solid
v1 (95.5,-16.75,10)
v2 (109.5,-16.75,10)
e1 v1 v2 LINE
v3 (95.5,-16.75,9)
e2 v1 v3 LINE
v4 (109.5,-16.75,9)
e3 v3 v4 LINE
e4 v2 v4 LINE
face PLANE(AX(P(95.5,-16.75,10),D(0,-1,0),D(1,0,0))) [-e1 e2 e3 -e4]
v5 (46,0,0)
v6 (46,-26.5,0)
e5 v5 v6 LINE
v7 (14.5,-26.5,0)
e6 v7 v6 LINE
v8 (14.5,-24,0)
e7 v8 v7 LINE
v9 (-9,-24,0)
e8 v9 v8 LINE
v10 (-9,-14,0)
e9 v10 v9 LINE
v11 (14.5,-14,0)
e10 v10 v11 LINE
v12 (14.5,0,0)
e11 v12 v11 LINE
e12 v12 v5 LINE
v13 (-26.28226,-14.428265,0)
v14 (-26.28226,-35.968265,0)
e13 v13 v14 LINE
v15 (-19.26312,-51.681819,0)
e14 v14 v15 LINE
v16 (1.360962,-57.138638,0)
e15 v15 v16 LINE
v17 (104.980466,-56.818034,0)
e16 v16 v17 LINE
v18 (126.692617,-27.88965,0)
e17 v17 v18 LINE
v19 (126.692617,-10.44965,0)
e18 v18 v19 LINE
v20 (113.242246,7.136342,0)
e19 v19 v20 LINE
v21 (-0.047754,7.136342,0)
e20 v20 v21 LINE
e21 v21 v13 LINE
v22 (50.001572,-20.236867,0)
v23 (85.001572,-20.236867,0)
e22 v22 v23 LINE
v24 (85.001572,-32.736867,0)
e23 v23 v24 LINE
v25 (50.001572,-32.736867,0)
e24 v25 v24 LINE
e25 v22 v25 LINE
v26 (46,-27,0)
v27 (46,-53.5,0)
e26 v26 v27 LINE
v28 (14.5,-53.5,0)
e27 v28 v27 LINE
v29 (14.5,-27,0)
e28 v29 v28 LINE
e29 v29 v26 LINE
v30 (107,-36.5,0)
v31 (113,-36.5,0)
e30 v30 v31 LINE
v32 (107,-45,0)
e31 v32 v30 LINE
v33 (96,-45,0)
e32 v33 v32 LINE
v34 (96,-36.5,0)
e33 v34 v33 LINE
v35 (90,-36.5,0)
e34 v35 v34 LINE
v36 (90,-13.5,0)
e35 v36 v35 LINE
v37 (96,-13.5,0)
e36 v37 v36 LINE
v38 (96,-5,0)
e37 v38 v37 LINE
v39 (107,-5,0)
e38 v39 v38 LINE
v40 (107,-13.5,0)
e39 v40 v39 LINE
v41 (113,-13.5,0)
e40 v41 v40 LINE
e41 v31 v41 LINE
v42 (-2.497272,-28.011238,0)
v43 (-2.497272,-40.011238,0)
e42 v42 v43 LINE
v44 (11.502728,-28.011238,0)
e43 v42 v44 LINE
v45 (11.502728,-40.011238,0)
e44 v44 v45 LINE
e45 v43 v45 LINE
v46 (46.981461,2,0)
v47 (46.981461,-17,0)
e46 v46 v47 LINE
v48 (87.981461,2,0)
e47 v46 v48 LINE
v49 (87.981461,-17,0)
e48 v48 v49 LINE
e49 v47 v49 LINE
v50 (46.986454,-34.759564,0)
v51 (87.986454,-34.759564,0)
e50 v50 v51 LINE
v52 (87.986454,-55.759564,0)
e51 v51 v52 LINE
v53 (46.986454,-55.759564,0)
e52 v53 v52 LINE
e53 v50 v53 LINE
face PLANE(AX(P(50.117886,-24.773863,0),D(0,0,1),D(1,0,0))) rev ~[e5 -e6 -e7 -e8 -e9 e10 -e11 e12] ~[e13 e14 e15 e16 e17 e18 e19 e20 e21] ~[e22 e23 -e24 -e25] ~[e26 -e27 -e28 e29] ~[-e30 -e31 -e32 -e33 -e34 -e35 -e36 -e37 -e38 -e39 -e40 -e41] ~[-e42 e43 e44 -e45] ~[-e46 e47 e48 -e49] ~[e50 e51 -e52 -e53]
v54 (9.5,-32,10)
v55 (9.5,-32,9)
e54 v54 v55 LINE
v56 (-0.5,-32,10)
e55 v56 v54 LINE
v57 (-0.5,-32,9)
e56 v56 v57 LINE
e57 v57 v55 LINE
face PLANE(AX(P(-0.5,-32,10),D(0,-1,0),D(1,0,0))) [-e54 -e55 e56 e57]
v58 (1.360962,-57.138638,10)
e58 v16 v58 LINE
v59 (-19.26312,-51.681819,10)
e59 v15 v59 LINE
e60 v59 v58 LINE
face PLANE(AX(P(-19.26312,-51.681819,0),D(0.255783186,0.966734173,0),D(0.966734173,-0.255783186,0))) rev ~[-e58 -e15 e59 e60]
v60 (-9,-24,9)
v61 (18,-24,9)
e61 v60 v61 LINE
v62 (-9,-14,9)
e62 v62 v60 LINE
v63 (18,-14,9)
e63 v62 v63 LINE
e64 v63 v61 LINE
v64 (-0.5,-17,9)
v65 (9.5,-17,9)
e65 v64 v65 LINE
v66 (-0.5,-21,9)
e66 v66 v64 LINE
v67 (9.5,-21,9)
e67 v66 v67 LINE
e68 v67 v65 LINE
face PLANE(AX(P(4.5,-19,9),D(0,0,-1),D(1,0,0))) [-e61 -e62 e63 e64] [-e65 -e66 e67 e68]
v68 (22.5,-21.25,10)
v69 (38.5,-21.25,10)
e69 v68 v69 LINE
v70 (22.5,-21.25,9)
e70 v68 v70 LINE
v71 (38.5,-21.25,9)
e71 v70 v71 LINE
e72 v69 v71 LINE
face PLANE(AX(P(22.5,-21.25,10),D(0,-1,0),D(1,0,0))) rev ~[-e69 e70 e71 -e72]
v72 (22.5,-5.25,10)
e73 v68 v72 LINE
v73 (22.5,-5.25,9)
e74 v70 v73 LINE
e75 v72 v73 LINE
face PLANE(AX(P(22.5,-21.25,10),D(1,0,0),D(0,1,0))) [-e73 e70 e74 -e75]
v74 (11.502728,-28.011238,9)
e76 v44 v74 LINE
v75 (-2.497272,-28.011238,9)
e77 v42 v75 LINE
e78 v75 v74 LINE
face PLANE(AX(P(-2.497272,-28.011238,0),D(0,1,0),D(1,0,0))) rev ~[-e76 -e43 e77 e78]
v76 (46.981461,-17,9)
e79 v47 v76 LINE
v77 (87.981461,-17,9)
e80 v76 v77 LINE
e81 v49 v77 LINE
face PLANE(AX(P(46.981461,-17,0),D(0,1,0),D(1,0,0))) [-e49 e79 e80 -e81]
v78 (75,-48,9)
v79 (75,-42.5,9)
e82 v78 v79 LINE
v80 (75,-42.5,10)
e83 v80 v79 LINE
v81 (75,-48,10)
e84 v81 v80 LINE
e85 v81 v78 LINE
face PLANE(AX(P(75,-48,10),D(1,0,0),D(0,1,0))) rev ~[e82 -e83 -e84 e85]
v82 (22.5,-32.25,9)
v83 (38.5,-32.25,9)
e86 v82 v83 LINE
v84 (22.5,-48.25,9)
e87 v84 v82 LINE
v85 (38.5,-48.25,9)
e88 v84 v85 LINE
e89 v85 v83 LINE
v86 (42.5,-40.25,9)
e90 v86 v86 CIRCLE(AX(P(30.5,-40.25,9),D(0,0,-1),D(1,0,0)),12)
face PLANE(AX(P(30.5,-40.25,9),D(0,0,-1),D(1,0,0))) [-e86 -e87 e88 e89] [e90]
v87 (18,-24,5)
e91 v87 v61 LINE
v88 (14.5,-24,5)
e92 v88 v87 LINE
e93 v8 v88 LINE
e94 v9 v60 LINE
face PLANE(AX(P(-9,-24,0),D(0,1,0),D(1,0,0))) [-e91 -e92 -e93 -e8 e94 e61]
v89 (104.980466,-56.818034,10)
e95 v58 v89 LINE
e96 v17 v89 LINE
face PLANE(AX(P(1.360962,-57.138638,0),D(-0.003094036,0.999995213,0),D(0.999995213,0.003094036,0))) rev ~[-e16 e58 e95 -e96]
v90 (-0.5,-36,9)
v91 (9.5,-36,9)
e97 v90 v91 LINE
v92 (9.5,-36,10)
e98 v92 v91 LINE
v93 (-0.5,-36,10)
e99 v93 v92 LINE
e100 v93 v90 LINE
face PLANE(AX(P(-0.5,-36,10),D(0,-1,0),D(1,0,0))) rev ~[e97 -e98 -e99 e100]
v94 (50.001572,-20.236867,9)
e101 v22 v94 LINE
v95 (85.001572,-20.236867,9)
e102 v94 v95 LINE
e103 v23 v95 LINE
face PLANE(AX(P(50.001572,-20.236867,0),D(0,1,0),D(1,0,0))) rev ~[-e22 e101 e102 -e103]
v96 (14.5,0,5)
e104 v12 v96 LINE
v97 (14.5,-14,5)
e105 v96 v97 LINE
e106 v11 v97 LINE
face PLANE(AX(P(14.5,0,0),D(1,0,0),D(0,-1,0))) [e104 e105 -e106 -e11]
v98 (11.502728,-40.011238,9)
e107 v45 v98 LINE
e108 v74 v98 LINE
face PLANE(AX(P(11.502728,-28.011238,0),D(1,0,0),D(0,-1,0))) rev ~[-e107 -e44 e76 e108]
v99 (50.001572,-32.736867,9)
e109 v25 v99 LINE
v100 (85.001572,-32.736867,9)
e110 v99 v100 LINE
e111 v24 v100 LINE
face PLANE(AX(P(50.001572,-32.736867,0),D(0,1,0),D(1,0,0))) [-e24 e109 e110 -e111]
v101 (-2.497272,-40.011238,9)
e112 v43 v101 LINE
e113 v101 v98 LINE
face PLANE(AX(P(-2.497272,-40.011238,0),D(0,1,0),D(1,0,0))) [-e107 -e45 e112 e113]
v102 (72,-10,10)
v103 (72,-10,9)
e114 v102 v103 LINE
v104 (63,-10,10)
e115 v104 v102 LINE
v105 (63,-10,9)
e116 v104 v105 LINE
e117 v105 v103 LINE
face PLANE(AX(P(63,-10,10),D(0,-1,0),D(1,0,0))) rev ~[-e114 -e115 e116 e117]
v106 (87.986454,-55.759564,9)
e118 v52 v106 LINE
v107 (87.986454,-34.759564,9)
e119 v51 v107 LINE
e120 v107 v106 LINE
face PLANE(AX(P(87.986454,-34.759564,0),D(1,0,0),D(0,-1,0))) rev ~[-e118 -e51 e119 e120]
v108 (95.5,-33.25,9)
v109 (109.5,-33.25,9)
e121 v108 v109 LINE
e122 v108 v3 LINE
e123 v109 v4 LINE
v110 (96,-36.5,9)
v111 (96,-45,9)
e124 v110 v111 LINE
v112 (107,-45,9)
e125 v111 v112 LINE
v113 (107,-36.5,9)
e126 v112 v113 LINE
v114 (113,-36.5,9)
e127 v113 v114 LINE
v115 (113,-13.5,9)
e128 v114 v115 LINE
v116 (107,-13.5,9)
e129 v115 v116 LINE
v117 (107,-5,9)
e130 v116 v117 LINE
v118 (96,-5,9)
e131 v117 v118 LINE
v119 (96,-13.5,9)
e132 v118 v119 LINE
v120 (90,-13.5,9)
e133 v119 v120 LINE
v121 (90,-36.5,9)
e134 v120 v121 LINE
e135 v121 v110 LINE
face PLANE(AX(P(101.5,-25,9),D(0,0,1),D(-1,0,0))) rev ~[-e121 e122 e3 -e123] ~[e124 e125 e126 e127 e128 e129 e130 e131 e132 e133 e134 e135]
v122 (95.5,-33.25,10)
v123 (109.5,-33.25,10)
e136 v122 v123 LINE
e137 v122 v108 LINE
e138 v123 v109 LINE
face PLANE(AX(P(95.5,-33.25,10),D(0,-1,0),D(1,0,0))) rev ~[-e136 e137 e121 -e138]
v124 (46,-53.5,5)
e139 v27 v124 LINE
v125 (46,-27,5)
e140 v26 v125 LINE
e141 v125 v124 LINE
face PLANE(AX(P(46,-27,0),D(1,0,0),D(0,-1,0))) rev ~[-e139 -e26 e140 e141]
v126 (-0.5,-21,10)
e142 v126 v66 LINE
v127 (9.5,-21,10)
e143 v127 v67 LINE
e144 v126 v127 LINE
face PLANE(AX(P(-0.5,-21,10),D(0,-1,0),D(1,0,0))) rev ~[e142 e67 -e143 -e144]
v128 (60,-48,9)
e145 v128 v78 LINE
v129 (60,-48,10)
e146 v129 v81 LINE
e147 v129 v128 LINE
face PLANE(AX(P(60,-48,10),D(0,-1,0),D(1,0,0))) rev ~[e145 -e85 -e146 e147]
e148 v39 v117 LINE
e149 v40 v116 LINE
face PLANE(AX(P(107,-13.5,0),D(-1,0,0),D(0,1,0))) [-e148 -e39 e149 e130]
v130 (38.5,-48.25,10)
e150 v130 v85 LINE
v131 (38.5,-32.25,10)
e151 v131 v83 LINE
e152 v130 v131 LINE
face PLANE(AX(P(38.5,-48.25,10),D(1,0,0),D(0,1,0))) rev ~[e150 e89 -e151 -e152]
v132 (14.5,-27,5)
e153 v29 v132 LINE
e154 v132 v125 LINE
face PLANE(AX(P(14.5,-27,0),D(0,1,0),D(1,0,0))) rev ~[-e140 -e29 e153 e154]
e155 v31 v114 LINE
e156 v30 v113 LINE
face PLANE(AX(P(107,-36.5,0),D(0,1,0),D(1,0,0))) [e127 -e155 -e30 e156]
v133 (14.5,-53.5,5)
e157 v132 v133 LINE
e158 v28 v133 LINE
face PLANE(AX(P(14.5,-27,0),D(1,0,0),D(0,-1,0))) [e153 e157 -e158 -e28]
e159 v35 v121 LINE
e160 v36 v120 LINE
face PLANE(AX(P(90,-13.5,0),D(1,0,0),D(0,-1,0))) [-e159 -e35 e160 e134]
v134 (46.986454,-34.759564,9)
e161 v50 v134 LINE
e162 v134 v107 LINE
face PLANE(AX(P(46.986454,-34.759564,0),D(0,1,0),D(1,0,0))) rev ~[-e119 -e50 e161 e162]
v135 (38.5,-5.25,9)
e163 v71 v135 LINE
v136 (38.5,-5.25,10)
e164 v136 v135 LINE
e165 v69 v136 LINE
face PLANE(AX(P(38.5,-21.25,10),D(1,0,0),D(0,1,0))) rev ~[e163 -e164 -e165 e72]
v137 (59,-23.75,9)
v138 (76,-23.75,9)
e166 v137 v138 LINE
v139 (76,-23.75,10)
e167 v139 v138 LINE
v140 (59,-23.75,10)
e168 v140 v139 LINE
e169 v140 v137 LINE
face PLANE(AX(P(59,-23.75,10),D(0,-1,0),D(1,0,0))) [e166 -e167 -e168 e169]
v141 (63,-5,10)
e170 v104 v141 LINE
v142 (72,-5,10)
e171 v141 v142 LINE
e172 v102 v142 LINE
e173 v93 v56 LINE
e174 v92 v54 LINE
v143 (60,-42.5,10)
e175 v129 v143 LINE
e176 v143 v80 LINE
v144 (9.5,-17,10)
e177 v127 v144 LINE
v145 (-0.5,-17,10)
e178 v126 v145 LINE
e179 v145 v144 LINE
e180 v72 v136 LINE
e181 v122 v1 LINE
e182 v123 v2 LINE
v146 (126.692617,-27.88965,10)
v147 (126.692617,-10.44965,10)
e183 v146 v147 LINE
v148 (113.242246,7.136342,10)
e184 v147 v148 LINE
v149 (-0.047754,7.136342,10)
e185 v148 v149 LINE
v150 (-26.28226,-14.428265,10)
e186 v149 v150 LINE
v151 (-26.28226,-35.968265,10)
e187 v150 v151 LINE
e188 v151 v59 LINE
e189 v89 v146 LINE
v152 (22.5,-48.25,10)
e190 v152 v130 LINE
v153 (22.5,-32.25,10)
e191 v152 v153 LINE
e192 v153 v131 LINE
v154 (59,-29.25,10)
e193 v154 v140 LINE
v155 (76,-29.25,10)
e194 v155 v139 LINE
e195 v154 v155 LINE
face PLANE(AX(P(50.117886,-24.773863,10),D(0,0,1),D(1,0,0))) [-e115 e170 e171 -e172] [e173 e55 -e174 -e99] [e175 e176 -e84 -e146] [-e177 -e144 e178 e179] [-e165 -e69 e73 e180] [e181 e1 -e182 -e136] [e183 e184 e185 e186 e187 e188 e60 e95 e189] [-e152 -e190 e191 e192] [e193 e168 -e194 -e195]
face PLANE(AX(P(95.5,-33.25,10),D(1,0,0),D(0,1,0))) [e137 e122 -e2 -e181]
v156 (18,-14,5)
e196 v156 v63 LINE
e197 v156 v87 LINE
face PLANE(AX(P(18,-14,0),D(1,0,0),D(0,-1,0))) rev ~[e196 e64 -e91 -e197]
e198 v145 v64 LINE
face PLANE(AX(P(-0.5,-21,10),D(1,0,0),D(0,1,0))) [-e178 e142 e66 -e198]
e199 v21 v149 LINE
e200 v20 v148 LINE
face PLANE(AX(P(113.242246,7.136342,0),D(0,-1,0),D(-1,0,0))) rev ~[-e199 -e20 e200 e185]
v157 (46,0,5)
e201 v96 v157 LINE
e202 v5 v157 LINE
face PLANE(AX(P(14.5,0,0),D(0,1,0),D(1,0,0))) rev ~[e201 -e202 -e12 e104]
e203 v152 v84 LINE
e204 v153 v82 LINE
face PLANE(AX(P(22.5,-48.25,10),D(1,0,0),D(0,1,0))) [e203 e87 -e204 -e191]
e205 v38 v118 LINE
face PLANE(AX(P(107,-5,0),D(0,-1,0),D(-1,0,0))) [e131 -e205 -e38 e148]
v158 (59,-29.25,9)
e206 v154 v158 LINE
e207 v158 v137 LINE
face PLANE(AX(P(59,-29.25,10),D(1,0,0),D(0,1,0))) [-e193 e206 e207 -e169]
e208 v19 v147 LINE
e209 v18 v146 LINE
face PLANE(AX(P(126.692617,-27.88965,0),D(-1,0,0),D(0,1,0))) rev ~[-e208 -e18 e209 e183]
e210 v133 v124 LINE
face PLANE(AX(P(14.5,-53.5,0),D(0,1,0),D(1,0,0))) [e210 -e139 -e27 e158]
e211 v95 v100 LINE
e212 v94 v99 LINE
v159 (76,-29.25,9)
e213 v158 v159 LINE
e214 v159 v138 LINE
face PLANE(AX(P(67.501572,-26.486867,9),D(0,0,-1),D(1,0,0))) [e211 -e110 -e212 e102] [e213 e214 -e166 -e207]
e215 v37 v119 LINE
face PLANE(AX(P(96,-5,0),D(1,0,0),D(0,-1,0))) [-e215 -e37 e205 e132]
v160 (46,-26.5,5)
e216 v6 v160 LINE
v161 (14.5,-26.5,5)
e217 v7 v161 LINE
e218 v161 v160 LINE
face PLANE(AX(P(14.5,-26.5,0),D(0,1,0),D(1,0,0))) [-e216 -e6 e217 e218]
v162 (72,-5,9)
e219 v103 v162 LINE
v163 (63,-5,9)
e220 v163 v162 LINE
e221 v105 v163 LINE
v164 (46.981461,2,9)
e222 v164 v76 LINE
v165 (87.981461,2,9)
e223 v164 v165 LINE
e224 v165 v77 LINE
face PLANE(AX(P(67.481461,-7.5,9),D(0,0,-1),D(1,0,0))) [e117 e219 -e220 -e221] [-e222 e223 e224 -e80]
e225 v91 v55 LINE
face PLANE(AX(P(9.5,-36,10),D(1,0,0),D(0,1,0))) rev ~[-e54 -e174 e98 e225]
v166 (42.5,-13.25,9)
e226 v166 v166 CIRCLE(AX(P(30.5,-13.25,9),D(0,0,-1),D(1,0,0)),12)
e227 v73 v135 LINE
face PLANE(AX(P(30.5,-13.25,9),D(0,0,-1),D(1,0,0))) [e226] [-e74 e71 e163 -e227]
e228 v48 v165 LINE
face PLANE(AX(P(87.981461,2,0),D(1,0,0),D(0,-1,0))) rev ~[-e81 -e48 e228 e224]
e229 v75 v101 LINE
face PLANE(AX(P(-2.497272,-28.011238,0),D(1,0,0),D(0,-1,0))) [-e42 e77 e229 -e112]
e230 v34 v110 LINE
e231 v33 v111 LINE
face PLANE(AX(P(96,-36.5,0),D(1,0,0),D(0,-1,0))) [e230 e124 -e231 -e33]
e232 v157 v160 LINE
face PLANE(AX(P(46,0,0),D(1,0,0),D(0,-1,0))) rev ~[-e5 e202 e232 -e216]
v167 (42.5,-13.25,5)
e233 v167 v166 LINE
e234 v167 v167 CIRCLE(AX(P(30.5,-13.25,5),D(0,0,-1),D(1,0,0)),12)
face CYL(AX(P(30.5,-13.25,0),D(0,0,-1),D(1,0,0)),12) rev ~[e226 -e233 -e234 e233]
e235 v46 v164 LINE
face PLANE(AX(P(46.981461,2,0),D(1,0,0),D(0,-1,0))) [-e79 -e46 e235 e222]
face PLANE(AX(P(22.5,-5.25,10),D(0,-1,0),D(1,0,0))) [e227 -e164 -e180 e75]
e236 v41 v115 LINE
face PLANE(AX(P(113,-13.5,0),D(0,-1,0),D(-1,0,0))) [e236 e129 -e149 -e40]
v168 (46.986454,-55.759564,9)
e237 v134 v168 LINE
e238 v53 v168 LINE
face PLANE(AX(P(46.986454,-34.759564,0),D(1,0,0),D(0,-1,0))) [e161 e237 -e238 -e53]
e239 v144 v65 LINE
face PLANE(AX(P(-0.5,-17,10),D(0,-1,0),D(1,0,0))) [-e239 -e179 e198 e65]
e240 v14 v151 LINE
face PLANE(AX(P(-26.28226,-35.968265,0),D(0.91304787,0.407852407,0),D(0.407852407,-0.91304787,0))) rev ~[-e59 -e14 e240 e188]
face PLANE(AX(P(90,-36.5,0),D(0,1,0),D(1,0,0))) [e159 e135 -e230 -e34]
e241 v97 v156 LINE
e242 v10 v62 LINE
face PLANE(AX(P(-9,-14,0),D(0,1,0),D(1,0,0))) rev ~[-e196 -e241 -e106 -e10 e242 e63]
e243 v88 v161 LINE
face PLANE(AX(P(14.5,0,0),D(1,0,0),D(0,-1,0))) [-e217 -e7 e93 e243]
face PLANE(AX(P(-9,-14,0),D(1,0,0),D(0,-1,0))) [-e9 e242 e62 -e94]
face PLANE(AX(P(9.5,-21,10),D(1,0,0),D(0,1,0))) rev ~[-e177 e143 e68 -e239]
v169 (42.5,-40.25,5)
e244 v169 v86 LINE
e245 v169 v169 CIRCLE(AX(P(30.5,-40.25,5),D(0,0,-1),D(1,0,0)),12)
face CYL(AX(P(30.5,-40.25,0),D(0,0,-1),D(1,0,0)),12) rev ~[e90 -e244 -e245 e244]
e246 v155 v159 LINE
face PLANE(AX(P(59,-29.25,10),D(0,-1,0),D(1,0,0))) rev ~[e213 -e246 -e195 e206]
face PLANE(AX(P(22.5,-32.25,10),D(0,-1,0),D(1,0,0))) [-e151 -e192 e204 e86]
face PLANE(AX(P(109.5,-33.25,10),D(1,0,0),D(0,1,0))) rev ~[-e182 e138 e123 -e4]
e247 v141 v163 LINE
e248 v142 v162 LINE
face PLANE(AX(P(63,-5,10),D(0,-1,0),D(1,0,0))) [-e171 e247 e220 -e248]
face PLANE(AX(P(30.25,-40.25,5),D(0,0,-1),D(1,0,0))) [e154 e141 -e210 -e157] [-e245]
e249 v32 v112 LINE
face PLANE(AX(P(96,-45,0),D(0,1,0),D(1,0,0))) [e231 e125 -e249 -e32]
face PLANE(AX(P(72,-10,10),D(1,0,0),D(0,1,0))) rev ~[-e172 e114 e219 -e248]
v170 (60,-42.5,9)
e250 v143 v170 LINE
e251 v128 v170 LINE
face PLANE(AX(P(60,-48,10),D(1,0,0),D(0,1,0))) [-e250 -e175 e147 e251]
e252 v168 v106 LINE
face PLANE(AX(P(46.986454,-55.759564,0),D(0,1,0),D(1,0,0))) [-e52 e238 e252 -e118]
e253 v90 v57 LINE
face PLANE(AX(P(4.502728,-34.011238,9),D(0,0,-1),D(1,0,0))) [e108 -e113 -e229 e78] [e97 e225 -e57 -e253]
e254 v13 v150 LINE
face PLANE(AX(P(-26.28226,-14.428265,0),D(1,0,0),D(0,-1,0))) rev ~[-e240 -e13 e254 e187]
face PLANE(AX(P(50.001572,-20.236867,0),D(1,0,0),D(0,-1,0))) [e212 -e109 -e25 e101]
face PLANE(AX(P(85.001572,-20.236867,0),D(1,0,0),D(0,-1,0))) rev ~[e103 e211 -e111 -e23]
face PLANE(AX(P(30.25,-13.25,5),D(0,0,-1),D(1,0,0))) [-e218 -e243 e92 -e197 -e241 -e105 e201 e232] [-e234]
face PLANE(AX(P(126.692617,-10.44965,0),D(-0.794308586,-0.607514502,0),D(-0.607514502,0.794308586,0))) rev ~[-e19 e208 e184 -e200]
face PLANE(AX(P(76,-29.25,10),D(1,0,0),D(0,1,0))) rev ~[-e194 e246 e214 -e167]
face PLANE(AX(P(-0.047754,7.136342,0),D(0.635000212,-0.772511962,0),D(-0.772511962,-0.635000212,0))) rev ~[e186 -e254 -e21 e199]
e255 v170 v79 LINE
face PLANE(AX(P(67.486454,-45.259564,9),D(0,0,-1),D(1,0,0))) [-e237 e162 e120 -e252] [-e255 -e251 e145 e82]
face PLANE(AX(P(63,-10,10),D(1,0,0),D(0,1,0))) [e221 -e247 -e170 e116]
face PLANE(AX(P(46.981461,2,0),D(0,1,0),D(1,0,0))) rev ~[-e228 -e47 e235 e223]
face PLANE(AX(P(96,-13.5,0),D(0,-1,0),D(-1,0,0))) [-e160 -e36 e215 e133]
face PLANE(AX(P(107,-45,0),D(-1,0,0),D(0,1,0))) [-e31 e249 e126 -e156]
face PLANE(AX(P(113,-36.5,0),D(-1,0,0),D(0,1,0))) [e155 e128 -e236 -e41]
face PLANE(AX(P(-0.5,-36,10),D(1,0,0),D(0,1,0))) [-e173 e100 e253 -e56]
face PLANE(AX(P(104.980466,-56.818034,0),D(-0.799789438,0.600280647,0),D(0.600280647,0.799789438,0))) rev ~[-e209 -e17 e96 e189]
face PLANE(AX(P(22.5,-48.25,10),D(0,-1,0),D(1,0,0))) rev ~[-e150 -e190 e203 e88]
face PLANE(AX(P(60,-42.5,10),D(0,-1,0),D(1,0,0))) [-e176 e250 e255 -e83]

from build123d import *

# Parameters (mm, degrees)
PAD_DEPTH       = 10
SKETCH001_W     = 10
SKETCH001_H     = 4
SKETCH001_W_2   = 15
SKETCH001_H_2   = 5.5
SKETCH001_W_3   = 9
SKETCH001_H_3   = 5
SKETCH001_W_4   = 14
SKETCH001_H_4   = 16.5
SKETCH001_W_5   = 16
SKETCH001_H_5   = 16
SKETCH001_W_6   = 17
POCKET_DEPTH    = 1
SKETCH002_R     = 12
POCKET001_DEPTH = 9
SKETCH003_W     = 41
SKETCH003_H     = 19
POCKET002_DEPTH = 9
SKETCH004_W     = 35
SKETCH004_H     = 12.5
POCKET003_DEPTH = 9
SKETCH005_W     = 41
SKETCH005_H     = 21
POCKET004_DEPTH = 9
SKETCH006_W     = 14
SKETCH006_H     = 12
POCKET005_DEPTH = 9
POCKET006_DEPTH = 9
SKETCH010_W     = 31.5
SKETCH010_H     = 26.5
POCKET007_DEPTH = 5
SKETCH011_W     = 27
SKETCH011_H     = 10
POCKET008_DEPTH = 9


with BuildPart() as part:
    # Sketch → Pad (new body)
    with BuildSketch(Plane.XY):
        Polygon((113.242246, 7.136342), (-0.047754, 7.136342), (-26.28226, -14.428265), (-26.28226, -35.968265), (-19.26312, -51.681819), (1.360962, -57.138638), (104.980466, -56.818034), (126.692617, -27.88965), (126.692617, -10.44965), align=None)
    extrude(amount=PAD_DEPTH)

    # Sketch001 (on Face11 of Pad) → Pocket (cut)
    with BuildSketch(Plane.XY.offset(10)):
        with Locations((4.5, -19)):
            Rectangle(SKETCH001_W, SKETCH001_H)
        with Locations((4.5, -34)):
            Rectangle(SKETCH001_W, SKETCH001_H)
        with Locations((67.5, -45.25)):
            Rectangle(SKETCH001_W_2, SKETCH001_H_2)
        with Locations((67.5, -7.5)):
            Rectangle(SKETCH001_W_3, SKETCH001_H_3)
        with Locations((102.5, -25)):
            Rectangle(SKETCH001_W_4, SKETCH001_H_4)
        with Locations((30.5, -13.25)):
            Rectangle(SKETCH001_W_5, SKETCH001_H_5)
        with Locations((30.5, -40.25)):
            Rectangle(SKETCH001_W_5, SKETCH001_H_5)
        with Locations((67.5, -26.5)):
            Rectangle(SKETCH001_W_6, SKETCH001_H_2)
    extrude(amount=-POCKET_DEPTH, mode=Mode.SUBTRACT)

    # Sketch002 (on Face4 of Pocket) → Pocket001 (cut)
    with BuildSketch(Plane(origin=(0, 0, 0), x_dir=(1, 0, 0), z_dir=(0, 0, -1))):
        with Locations((30.5, 40.25)):
            Circle(SKETCH002_R)
        with Locations((30.5, 13.25)):
            Circle(SKETCH002_R)
    extrude(amount=-POCKET001_DEPTH, mode=Mode.SUBTRACT)

    # Sketch003 (on Face4 of Pocket001) → Pocket002 (cut)
    with BuildSketch(Plane(origin=(0, 0, 0), x_dir=(1, 0, 0), z_dir=(0, 0, -1))):
        with Locations((67.481461, 7.5)):
            Rectangle(SKETCH003_W, SKETCH003_H)
    extrude(amount=-POCKET002_DEPTH, mode=Mode.SUBTRACT)

    # Sketch004 (on Face4 of Pocket002) → Pocket003 (cut)
    with BuildSketch(Plane(origin=(0, 0, 0), x_dir=(1, 0, 0), z_dir=(0, 0, -1))):
        with Locations((67.501572, 26.486867)):
            Rectangle(SKETCH004_W, SKETCH004_H)
    extrude(amount=-POCKET003_DEPTH, mode=Mode.SUBTRACT)

    # Sketch005 (on Face4 of Pocket003) → Pocket004 (cut)
    with BuildSketch(Plane(origin=(0, 0, 0), x_dir=(1, 0, 0), z_dir=(0, 0, -1))):
        with Locations((67.486454, 45.259564)):
            Rectangle(SKETCH005_W, SKETCH005_H)
    extrude(amount=-POCKET004_DEPTH, mode=Mode.SUBTRACT)

    # Sketch006 (on Face4 of Pocket004) → Pocket005 (cut)
    with BuildSketch(Plane(origin=(0, 0, 0), x_dir=(1, 0, 0), z_dir=(0, 0, -1))):
        with Locations((4.502728, 34.011238)):
            Rectangle(SKETCH006_W, SKETCH006_H)
    extrude(amount=-POCKET005_DEPTH, mode=Mode.SUBTRACT)

    # Sketch009 (on Face4 of Pocket005) → Pocket006 (cut)
    with BuildSketch(Plane(origin=(0, 0, 0), x_dir=(1, 0, 0), z_dir=(0, 0, -1))):
        Polygon((90, 36.5), (96, 36.5), (96, 45), (107, 45), (107, 36.5), (113, 36.5), (113, 13.5), (107, 13.5), (107, 5), (96, 5), (96, 13.5), (90, 13.5), align=None)
    extrude(amount=-POCKET006_DEPTH, mode=Mode.SUBTRACT)

    # Sketch010 (on Face4 of Pocket005) → Pocket007 (cut)
    with BuildSketch(Plane(origin=(0, 0, 0), x_dir=(1, 0, 0), z_dir=(0, 0, -1))):
        with Locations((30.25, 40.25)):
            Rectangle(SKETCH010_W, SKETCH010_H)
        with Locations((30.25, 13.25)):
            Rectangle(SKETCH010_W, SKETCH010_H)
    extrude(amount=-POCKET007_DEPTH, mode=Mode.SUBTRACT)

    # Sketch011 (on Face4 of Pocket007) → Pocket008 (cut)
    with BuildSketch(Plane(origin=(0, 0, 0), x_dir=(1, 0, 0), z_dir=(0, 0, -1))):
        with Locations((4.5, 19)):
            Rectangle(SKETCH011_W, SKETCH011_H)
    extrude(amount=-POCKET008_DEPTH, mode=Mode.SUBTRACT)


solid = part.part
